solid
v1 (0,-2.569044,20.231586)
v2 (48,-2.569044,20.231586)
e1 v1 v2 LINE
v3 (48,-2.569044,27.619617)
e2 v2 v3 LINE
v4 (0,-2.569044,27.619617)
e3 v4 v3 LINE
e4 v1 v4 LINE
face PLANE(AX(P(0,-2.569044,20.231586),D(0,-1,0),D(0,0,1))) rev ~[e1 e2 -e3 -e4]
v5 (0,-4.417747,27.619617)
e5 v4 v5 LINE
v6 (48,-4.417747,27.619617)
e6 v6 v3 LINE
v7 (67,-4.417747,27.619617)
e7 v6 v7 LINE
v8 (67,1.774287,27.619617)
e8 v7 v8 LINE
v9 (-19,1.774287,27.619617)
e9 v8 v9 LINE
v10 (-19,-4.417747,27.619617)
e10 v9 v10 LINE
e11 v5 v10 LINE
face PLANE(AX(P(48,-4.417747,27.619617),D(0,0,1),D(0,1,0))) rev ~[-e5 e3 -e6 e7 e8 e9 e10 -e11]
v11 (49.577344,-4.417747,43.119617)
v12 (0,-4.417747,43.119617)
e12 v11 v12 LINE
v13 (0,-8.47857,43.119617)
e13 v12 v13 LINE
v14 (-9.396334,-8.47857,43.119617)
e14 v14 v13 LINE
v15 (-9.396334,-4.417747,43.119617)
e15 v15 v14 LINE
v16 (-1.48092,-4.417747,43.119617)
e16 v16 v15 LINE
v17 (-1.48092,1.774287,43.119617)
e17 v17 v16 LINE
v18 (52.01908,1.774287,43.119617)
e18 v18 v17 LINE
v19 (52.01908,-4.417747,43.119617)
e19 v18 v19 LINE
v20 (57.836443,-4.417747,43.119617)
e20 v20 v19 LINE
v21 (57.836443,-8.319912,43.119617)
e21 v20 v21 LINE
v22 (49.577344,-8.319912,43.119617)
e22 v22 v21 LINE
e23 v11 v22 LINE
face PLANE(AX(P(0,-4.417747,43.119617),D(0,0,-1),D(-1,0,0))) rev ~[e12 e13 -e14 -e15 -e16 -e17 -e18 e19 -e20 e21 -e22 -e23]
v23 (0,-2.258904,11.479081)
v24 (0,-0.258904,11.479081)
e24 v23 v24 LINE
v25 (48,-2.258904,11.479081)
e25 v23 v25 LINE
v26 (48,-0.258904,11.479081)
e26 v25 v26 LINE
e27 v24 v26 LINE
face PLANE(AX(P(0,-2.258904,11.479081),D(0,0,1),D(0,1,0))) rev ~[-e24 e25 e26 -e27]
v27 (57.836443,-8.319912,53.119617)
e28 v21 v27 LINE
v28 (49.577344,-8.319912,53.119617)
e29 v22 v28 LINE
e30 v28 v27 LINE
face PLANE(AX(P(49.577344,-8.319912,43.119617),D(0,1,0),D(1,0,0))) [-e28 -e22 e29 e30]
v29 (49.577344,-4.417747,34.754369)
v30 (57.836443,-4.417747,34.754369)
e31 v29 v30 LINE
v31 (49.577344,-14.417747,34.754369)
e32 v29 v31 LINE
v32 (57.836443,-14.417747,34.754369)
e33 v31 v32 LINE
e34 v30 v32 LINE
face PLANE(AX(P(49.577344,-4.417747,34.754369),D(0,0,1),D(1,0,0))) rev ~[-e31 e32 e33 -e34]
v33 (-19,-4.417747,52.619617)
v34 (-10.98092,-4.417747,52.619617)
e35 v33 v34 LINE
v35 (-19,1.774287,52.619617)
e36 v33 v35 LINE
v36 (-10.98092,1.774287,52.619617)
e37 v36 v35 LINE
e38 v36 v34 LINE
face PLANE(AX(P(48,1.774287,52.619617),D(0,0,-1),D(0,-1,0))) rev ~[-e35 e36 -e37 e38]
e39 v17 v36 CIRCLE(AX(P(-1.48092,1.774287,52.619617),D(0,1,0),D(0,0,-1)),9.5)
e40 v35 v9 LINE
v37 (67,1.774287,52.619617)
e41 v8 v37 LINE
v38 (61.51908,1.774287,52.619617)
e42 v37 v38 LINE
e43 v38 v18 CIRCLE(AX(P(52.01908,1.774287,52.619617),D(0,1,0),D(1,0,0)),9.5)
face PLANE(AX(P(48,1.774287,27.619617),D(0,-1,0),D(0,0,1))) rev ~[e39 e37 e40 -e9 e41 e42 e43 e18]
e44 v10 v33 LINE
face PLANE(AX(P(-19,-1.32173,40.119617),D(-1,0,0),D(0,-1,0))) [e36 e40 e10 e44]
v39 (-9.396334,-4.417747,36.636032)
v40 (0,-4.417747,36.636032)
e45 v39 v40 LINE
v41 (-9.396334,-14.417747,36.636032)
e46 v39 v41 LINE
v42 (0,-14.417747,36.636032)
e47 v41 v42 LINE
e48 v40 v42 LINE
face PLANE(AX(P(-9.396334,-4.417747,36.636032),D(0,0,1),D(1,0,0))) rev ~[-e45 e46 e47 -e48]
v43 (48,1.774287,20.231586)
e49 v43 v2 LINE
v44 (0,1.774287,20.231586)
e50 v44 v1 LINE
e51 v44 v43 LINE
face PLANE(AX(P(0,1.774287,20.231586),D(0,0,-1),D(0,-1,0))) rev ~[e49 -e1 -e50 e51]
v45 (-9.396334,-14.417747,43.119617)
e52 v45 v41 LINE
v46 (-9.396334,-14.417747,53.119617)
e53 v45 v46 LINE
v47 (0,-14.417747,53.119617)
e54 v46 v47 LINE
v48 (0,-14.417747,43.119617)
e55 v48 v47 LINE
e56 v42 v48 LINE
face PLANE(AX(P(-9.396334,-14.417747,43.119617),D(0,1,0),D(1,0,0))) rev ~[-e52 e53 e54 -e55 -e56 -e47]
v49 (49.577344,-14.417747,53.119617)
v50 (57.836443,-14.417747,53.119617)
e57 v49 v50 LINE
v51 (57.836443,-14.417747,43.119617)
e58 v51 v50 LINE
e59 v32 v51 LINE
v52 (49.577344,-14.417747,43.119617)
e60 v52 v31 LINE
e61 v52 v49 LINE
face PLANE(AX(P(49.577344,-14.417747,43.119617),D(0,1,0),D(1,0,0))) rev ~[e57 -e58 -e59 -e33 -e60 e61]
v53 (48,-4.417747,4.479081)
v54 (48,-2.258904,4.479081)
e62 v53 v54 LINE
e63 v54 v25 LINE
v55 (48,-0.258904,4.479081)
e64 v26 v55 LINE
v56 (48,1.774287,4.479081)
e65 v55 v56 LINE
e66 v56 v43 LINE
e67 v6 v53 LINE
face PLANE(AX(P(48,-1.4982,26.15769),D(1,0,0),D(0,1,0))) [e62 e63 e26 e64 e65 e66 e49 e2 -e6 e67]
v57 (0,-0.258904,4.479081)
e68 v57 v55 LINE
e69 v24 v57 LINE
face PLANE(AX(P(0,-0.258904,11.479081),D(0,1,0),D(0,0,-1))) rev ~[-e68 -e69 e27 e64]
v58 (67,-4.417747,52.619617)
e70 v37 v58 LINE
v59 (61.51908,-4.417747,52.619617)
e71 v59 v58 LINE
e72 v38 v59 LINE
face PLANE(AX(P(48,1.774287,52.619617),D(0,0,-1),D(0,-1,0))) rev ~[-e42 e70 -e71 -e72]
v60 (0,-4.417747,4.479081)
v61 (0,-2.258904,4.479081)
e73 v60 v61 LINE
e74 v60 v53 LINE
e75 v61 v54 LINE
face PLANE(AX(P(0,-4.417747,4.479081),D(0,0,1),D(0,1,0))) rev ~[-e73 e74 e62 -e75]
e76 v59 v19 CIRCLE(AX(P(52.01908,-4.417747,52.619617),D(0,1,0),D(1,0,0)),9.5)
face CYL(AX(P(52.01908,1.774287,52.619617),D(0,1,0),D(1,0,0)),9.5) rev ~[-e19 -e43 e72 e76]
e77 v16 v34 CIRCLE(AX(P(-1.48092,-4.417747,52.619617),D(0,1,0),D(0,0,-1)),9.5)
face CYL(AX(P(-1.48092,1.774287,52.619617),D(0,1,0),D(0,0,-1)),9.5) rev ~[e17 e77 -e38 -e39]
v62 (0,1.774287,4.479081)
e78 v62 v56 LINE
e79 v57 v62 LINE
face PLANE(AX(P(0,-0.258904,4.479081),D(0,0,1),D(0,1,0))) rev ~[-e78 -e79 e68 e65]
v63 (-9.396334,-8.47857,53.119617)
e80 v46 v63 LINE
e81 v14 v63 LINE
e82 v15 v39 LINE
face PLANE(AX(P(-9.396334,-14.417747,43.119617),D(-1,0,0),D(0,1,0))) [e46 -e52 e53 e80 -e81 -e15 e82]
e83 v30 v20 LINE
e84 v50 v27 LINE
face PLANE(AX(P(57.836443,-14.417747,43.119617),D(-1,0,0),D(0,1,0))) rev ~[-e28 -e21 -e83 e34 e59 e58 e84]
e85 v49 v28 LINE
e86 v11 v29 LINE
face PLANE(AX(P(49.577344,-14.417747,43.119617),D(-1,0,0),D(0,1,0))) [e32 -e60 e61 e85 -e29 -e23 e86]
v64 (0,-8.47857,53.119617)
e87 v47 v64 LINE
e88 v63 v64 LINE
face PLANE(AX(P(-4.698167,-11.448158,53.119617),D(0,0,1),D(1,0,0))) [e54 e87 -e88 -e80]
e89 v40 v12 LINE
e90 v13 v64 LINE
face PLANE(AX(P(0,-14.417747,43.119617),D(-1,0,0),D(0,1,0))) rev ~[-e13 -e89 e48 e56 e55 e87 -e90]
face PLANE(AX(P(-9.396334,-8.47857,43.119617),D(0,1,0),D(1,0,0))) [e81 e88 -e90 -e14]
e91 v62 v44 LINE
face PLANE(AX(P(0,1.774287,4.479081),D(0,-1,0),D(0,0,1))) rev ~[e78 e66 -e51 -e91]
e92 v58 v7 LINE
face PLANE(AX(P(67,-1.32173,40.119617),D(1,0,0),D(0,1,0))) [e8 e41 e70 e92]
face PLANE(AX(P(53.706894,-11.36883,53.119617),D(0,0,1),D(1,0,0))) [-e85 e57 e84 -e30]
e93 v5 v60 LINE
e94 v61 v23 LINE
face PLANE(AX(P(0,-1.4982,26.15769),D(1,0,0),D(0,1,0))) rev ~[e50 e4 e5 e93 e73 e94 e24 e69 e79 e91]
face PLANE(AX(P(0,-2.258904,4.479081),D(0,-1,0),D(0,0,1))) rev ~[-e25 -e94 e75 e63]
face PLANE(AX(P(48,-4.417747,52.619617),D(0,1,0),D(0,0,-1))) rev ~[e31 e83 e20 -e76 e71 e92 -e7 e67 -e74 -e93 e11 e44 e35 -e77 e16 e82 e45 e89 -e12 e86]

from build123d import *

# Parameters (mm, degrees)
F1_DEPTH  = 48
F3_DEPTH  = 19
F5_DEPTH  = 19
F7_DEPTH  = 25
F9_DEPTH  = 10
F10_W     = 9.3963341787
F10_H     = 5.939177354
F11_DEPTH = 10
F12_W     = 8.2590989769
F12_H     = 6.0978346739
F13_DEPTH = 10


with BuildPart() as f1:
    # F0 (on Right) → F1 (new body)
    with BuildSketch(Plane.YZ):
        Polygon((-4.4177471522, 4.4790807286), (-2.2589041686, 4.4790807286), (-2.2589041686, 11.4790807286), (-0.2589041686, 11.4790807286), (-0.2589041686, 4.4790807286), (1.774286502, 4.4790807286), (1.774286502, 20.2315860614), (-2.5690435432, 20.2315860614), (-2.5690435432, 27.6196174324), (1.774286502, 27.6196174324), (1.774286502, 52.6196174324), (-4.4177471522, 52.6196174324), align=None)
    extrude(amount=F1_DEPTH)

    # F2 (on face) → F3 (join)
    with BuildSketch(Plane(origin=(0, 0, 0), x_dir=(0, -1, 0), z_dir=(-1, 0, 0))):
        Polygon((2.5690435432, 27.6196174324), (4.4177471522, 27.6196174324), (4.4177471522, 52.6196174324), (-1.774286502, 52.6196174324), (-1.774286502, 27.6196174324), align=None)
    extrude(amount=F3_DEPTH)

    # F4 (on face) → F5 (join)
    with BuildSketch(Plane.YZ.offset(48)):
        Polygon((1.774286502, 52.6196174324), (-4.4177471522, 52.6196174324), (-4.4177471522, 27.6196174324), (-2.5690435432, 27.6196174324), (1.774286502, 27.6196174324), align=None)
    extrude(amount=F5_DEPTH)

    # F6 (on face) → F7 (cut)
    with BuildSketch(Plane(origin=(0, 1.774286502, 0), x_dir=(-1, 0, 0), z_dir=(0, 1, 0))):
        with BuildLine():
            ThreePointArc((-61.5190799241, 52.6196174324), (-58.7365943454, 45.9021030111), (-52.0190799241, 43.1196174324))
            ThreePointArc((-52.0190799241, 43.1196174324), (-45.3015655028, 45.9021030111), (-42.5190799241, 52.6196174324))
            Line((-42.5190799241, 52.6196174324), (-61.5190799241, 52.6196174324))
        make_face()
        with BuildLine():
            ThreePointArc((-8.0190799241, 52.6196174324), (-5.2365943454, 45.9021030111), (1.4809200759, 43.1196174324))
            ThreePointArc((1.4809200759, 43.1196174324), (8.1984344972, 45.9021030111), (10.9809200759, 52.6196174324))
            Line((10.9809200759, 52.6196174324), (-8.0190799241, 52.6196174324))
        make_face()
        with BuildLine():
            ThreePointArc((-42.5190799241, 52.6196174324), (-45.3015655028, 45.9021030111), (-52.0190799241, 43.1196174324))
            Line((-52.0190799241, 43.1196174324), (1.4809200759, 43.1196174324))
            ThreePointArc((1.4809200759, 43.1196174324), (-5.2365943454, 45.9021030111), (-8.0190799241, 52.6196174324))
            Line((-8.0190799241, 52.6196174324), (-42.5190799241, 52.6196174324))
        make_face()
    extrude(amount=-F7_DEPTH, mode=Mode.SUBTRACT)

    # F8 (on face) → F9 (join)
    with BuildSketch(Plane.XZ.offset(4.4177471522)):
        Polygon((0, 36.6360321641), (0, 43.1196174324), (-1.4809200759, 43.1196174324), (-9.3963341787, 43.1196174324), (-9.3963341787, 36.6360321641), align=None)
        Polygon((52.0190799241, 43.1196174324), (49.577344209, 43.1196174324), (49.577344209, 34.7543694079), (57.8364431858, 34.7543694079), (57.8364431858, 43.1196174324), align=None)
    extrude(amount=F9_DEPTH)

    # F10 (on face) → F11 (join)
    with BuildSketch(Plane.XY.offset(43.1196174324)):
        with Locations((-4.6981670894, -11.4481584752)):
            Rectangle(F10_W, F10_H)
    extrude(amount=F11_DEPTH)

    # F12 (on face) → F13 (join)
    with BuildSketch(Plane.XY.offset(43.1196174324)):
        with Locations((53.7068936974, -11.3688298153)):
            Rectangle(F12_W, F12_H)
    extrude(amount=F13_DEPTH)


solid = f1.part
